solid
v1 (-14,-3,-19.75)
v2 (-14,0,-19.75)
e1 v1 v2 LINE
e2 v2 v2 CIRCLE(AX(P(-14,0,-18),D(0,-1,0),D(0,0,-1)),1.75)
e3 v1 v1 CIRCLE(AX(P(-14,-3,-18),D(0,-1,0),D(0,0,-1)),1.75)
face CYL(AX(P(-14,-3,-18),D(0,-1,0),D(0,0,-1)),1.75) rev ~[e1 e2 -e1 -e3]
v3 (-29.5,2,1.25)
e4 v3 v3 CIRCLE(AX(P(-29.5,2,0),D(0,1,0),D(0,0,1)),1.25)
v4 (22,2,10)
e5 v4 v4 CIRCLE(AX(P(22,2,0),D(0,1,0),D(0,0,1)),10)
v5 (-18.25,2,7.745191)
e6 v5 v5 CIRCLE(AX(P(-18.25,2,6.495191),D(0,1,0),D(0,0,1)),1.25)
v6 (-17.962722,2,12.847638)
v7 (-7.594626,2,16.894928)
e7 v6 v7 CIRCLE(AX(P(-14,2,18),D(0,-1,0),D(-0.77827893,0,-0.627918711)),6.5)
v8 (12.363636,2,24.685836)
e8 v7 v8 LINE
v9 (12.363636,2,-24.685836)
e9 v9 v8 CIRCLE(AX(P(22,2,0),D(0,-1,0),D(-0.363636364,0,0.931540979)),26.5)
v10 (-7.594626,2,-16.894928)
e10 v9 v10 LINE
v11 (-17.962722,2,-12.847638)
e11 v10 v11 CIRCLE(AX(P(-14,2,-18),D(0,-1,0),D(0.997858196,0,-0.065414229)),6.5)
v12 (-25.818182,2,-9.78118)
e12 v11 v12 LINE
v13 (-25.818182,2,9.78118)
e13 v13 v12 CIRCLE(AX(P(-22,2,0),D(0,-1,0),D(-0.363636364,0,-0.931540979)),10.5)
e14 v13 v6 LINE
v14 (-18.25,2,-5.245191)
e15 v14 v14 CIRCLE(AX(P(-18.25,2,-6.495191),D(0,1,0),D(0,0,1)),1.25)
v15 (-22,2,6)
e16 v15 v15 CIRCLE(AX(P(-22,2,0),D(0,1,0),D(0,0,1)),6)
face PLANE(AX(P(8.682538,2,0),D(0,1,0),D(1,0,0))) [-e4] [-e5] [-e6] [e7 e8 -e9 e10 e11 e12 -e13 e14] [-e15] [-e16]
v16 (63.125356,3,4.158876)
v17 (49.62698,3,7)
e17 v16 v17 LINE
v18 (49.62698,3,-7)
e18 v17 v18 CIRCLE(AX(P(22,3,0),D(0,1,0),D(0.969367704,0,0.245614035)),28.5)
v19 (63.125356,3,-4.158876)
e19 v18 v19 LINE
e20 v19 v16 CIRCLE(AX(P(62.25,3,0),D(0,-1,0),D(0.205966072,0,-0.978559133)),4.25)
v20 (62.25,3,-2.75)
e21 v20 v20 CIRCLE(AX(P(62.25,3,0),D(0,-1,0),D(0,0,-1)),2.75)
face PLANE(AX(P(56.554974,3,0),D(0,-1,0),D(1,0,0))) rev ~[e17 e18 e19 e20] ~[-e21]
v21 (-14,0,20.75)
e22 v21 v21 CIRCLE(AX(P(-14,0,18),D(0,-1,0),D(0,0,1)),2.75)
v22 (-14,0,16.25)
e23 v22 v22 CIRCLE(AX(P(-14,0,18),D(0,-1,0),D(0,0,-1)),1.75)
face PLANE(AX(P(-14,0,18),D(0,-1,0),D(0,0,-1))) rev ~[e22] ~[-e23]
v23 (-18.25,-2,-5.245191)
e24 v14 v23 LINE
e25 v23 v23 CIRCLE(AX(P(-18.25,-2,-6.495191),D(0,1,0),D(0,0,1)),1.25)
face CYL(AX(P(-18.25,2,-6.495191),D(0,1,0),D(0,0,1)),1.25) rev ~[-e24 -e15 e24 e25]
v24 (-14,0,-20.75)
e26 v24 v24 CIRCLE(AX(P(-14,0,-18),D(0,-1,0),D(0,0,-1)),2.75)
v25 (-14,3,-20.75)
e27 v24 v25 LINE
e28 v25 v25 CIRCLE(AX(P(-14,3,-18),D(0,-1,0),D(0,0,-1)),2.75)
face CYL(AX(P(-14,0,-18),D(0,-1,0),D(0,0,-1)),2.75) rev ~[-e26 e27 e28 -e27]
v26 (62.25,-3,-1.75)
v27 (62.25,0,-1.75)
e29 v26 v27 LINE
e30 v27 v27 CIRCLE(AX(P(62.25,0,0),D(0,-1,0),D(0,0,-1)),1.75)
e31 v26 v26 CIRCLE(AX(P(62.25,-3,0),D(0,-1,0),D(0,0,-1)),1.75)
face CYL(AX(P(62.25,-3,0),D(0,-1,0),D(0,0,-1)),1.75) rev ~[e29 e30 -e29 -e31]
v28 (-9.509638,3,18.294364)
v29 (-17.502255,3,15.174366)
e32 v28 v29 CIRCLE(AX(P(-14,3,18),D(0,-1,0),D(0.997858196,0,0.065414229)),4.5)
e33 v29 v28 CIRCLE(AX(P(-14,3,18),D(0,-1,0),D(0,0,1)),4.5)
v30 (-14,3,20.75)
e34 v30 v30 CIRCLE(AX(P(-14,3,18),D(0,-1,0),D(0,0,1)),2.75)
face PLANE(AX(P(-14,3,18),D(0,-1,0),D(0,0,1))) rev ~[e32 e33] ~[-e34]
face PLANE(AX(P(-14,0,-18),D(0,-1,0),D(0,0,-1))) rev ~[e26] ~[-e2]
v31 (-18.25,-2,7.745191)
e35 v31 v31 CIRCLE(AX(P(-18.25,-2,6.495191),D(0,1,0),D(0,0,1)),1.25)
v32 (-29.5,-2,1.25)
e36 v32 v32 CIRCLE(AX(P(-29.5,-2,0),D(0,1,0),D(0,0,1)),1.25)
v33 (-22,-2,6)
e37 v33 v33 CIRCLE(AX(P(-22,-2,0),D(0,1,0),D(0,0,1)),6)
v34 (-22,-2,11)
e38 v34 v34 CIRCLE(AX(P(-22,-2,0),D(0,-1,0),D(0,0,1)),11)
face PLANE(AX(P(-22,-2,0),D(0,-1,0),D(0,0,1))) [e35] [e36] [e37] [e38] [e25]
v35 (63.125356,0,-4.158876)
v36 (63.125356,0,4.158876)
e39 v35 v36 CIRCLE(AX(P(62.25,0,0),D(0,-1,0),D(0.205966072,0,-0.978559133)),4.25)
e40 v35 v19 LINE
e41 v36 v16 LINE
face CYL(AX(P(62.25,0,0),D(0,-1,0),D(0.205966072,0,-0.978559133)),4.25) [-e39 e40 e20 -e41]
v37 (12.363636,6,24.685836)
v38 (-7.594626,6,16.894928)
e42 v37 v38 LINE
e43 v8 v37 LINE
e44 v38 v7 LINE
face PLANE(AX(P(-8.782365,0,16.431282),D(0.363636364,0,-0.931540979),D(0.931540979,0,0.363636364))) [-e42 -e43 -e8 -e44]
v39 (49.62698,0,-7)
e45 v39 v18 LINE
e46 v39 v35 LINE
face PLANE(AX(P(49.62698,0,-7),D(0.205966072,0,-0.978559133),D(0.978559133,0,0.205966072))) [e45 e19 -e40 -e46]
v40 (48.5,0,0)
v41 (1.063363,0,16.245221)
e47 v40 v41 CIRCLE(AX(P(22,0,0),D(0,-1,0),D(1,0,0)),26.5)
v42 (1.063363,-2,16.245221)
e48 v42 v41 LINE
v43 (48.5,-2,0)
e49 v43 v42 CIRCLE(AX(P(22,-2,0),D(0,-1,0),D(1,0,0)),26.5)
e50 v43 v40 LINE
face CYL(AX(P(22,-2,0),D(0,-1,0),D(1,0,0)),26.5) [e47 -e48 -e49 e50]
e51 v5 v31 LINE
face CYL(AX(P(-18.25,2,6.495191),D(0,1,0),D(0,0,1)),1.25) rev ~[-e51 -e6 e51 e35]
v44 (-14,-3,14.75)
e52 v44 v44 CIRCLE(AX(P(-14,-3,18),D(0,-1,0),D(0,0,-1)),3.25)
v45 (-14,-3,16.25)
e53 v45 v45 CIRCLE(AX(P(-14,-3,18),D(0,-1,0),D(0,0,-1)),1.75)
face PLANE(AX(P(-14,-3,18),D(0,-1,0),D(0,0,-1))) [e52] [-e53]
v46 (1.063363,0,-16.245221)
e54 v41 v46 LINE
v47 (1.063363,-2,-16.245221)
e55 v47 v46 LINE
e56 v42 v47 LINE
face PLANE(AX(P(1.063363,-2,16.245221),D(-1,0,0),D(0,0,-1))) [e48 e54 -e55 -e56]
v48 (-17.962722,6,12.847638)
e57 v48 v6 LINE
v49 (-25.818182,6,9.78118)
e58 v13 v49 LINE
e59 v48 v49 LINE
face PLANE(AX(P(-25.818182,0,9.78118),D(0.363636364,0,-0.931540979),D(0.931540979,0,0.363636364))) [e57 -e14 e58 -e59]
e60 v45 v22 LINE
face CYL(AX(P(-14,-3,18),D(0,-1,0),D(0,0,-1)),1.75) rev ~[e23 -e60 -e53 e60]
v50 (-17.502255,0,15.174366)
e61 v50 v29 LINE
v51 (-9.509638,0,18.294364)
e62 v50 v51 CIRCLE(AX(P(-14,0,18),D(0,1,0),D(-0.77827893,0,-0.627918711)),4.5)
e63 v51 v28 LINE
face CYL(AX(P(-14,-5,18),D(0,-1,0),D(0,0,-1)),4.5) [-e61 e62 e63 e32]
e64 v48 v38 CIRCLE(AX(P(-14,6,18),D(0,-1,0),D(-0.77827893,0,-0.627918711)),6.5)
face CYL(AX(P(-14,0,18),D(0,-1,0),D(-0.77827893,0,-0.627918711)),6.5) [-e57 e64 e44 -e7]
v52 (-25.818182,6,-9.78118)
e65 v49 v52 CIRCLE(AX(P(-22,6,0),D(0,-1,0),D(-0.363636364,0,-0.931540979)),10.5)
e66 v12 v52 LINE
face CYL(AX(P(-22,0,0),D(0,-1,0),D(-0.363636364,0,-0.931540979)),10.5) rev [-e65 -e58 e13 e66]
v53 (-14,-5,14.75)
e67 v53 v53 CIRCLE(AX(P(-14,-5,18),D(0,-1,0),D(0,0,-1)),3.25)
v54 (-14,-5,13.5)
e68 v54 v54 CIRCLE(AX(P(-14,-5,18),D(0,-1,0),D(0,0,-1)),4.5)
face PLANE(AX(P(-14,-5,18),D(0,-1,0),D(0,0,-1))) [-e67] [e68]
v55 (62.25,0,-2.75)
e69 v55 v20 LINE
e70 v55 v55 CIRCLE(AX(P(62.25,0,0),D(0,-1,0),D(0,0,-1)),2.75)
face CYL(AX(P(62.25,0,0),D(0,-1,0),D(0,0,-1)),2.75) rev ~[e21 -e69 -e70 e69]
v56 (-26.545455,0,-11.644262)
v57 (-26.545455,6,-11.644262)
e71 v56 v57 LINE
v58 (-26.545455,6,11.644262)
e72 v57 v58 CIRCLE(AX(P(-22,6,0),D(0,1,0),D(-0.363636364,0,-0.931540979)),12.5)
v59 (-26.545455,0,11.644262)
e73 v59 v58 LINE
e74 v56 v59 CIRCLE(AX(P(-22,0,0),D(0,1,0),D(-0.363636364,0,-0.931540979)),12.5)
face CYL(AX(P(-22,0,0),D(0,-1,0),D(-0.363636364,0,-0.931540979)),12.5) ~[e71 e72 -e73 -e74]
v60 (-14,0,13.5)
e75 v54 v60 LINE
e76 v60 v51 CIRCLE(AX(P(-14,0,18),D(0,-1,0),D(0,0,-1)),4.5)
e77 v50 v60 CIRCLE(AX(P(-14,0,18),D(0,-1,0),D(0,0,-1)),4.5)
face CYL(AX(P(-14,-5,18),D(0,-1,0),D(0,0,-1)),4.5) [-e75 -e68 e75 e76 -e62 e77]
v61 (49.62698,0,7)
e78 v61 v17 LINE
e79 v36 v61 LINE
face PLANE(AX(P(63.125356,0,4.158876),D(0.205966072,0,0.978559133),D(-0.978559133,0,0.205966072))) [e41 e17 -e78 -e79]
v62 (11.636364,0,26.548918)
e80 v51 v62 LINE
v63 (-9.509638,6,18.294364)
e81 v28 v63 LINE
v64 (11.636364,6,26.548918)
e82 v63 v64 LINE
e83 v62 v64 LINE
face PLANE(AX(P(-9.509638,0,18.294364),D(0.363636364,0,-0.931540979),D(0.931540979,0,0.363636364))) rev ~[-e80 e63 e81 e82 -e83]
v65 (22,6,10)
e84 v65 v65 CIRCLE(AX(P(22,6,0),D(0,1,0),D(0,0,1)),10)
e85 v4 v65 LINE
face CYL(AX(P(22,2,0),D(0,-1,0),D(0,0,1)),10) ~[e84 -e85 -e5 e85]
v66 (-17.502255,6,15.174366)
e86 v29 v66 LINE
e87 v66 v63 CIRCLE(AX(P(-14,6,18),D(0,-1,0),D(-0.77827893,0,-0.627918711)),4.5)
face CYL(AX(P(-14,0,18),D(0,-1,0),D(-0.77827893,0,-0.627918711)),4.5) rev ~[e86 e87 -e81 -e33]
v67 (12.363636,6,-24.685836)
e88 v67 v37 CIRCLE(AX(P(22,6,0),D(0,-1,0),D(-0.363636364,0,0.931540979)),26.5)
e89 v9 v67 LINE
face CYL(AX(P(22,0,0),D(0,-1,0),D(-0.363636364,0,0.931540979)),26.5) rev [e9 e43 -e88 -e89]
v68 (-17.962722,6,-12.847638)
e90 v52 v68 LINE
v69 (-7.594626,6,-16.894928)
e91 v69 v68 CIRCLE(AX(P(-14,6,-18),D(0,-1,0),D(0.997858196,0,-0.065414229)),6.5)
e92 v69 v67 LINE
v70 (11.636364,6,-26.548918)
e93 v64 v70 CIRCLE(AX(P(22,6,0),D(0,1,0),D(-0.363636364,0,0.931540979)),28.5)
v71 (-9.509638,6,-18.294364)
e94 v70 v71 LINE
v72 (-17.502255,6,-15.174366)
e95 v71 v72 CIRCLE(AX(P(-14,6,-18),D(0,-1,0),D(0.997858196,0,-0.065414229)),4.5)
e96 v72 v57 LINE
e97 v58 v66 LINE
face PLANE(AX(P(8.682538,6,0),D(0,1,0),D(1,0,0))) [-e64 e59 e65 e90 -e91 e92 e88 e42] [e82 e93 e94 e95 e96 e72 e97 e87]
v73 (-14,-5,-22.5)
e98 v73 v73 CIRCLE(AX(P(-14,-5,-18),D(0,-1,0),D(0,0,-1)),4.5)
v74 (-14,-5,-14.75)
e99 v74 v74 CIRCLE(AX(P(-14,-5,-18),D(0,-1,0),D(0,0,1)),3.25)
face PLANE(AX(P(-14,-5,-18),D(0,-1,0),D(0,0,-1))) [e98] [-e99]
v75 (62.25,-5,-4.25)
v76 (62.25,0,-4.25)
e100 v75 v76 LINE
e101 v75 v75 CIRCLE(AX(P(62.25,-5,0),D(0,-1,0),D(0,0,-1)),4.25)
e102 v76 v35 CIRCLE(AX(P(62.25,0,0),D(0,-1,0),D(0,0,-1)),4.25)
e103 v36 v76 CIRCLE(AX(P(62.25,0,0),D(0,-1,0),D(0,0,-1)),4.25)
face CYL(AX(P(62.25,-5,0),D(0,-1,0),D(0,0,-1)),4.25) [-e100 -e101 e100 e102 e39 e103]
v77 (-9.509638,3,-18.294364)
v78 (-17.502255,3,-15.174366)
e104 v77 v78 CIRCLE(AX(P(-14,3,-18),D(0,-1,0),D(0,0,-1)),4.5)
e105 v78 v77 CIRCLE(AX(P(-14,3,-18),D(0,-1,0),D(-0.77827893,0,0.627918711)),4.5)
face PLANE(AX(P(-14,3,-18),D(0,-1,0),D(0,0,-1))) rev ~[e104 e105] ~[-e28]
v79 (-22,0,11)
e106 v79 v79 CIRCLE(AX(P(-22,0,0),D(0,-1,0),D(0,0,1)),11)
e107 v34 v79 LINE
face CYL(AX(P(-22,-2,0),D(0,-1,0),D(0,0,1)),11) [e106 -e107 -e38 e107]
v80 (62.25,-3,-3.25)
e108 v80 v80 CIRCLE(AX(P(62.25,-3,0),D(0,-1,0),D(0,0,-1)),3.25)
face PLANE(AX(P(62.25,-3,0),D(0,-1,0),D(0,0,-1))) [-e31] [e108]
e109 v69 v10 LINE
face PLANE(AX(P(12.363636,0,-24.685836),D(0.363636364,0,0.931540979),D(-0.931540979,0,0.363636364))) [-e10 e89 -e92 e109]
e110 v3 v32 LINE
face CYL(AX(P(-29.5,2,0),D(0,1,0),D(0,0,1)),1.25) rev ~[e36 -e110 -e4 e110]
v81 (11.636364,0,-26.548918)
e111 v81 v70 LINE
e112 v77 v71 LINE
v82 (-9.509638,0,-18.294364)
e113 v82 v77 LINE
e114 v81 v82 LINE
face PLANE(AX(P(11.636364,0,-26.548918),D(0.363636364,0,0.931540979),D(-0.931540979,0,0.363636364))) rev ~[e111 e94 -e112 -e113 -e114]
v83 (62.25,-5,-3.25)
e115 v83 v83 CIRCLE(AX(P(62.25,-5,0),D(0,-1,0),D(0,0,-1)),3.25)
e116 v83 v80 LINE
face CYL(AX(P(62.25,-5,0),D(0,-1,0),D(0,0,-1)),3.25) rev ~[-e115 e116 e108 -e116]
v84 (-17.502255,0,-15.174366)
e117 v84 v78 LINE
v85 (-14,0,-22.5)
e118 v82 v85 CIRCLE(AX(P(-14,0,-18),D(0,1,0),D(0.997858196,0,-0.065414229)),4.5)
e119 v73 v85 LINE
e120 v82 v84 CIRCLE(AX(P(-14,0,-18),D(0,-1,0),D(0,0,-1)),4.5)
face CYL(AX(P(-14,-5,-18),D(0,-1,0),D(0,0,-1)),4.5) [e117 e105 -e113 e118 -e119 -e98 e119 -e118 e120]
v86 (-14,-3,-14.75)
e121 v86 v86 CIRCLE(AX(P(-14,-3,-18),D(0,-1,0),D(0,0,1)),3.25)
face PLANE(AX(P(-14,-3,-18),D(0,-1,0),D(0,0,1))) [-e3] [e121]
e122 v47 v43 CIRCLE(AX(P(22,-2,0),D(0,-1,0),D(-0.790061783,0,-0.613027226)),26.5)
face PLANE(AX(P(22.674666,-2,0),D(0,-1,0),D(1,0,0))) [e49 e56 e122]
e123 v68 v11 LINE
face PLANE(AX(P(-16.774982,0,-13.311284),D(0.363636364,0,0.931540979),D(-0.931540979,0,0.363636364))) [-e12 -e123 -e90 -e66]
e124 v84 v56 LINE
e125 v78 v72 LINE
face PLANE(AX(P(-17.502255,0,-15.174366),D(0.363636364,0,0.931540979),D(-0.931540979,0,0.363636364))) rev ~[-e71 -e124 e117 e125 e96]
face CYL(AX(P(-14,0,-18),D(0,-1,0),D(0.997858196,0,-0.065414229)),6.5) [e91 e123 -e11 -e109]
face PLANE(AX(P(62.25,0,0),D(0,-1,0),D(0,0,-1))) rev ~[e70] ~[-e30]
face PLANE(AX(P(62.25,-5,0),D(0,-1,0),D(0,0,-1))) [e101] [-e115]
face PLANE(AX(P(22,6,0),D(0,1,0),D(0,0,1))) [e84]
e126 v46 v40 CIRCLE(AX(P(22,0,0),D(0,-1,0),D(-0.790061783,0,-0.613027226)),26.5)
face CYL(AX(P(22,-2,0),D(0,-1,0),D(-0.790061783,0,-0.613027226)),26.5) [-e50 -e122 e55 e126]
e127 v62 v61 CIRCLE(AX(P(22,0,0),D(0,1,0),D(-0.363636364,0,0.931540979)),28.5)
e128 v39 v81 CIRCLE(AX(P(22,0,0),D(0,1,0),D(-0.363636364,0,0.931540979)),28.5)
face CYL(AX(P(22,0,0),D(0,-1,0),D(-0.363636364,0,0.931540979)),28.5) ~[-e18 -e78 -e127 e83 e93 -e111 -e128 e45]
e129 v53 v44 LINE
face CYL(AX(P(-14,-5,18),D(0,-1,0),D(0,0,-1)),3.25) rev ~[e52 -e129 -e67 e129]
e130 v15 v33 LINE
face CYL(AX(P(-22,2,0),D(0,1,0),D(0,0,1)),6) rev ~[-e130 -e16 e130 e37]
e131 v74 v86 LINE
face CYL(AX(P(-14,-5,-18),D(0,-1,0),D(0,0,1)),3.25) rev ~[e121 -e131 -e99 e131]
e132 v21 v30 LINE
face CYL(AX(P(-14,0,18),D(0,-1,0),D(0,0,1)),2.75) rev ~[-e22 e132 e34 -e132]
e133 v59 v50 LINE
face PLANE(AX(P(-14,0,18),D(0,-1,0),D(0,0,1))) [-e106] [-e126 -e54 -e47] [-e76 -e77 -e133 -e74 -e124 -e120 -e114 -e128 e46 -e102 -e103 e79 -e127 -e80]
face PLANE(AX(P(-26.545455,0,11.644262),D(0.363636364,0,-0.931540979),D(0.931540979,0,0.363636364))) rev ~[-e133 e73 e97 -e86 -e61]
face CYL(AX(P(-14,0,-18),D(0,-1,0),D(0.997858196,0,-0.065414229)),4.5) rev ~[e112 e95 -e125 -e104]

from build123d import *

# Parameters (mm, degrees)
BOSS_EXTRUDE1_DEPTH   = 6
SHELL1_T              = -2
SKETCH2_R             = 2.75
BOSS_EXTRUDE2_DEPTH   = 3
SKETCH2_R_2           = 4.5
BOSS_EXTRUDE2_2_DEPTH = 3
BOSS_EXTRUDE2_3_DEPTH = 3
BOSS_EXTRUDE3_START   = 5
SKETCH3_R             = 4.5
SKETCH3_R_2           = 4.25
BOSS_EXTRUDE3_DEPTH   = 5
SKETCH4_R             = 3.25
CUT_EXTRUDE1_DEPTH    = 2
SKETCH5_R             = 1.75
CUT_EXTRUDE2_DEPTH    = 73.907475611
BOSS_EXTRUDE5_START   = 2
SKETCH7_R             = 11
BOSS_EXTRUDE5_DEPTH   = 2
SKETCH6_R             = 1.25
SKETCH6_R_2           = 6
CUT_EXTRUDE4_DEPTH    = 73.687688091
SKETCH9_R             = 10
BOSS_EXTRUDE6_DEPTH   = 4


with BuildPart() as part:
    # Sketch1 → Boss-Extrude1 (new body)
    with BuildSketch(Plane(origin=(0, 0, 0), x_dir=(1, 0, 0), z_dir=(0, 1, 0))):
        with BuildLine():
            Line((-17.502255184, 15.174365801), (-26.545454545, 11.644262234))
            ThreePointArc((-26.545454545, 11.644262234), (-34.5, 0), (-26.545454545, -11.644262234))
            Line((-26.545454545, -11.644262234), (-17.502255184, -15.174365801))
            ThreePointArc((-17.502255184, -15.174365801), (-12.363636364, -13.808065596), (-9.50963812, -18.294364031))
            Line((-9.50963812, -18.294364031), (11.636363636, -26.548917894))
            ThreePointArc((11.636363636, -26.548917894), (50.5, 0), (11.636363636, 26.548917894))
            Line((11.636363636, 26.548917894), (-9.50963812, 18.294364031))
            ThreePointArc((-9.50963812, 18.294364031), (-12.363636364, 13.808065596), (-17.502255184, 15.174365801))
        make_face()
    extrude(amount=BOSS_EXTRUDE1_DEPTH)

    # Shell1
    shell1_openings = [part.faces().sort_by_distance(p)[0] for p in [
        (12.478104295, 6, 0),
    ]]
    offset(amount=SHELL1_T, openings=shell1_openings, kind=Kind.INTERSECTION)



with BuildPart() as body_2:
    # Sketch2 → Boss-Extrude2 (new body)
    with BuildSketch(Plane.XZ):
        with BuildLine():
            Line((49.626979567, -7), (63.125355805, -4.158876316))
            ThreePointArc((63.125355805, -4.158876316), (66.5, 0), (63.125355805, 4.158876316))
            Line((63.125355805, 4.158876316), (49.626979567, 7))
            ThreePointArc((49.626979567, 7), (50.5, 0), (49.626979567, -7))
        make_face()
        with Locations(Location((62.25, 0, 0), (0, 0, 270))):
            Circle(SKETCH2_R, mode=Mode.SUBTRACT)
    extrude(amount=-BOSS_EXTRUDE2_DEPTH)


with BuildPart() as body_3:
    # Sketch2 → Boss-Extrude2 2 (new body)
    with BuildSketch(Plane.XZ):
        with Locations(Location((-14, -18, 0), (0, 0, 270))):
            Circle(SKETCH2_R_2)
        with Locations(Location((-14, -18, 0), (0, 0, 270))):
            Circle(SKETCH2_R, mode=Mode.SUBTRACT)
    extrude(amount=-BOSS_EXTRUDE2_2_DEPTH)


with BuildPart() as body_4:
    # Sketch2 → Boss-Extrude2 3 (new body)
    with BuildSketch(Plane.XZ):
        with Locations(Location((-14, 18, 0), (0, 0, 90))):
            Circle(SKETCH2_R_2)
        with Locations(Location((-14, 18, 0), (0, 0, 90))):
            Circle(SKETCH2_R, mode=Mode.SUBTRACT)
    extrude(amount=-BOSS_EXTRUDE2_3_DEPTH)


with BuildPart() as part_1:
    add(part.part)

    add(body_2.part)  # Boss-Extrude3 merges body 2

    add(body_3.part)  # Boss-Extrude3 merges body 3

    add(body_4.part)  # Boss-Extrude3 merges body 4
    # Sketch3 → Boss-Extrude3 (add)
    with BuildSketch(Plane.XZ.offset(BOSS_EXTRUDE3_START)):
        with Locations(Location((-14, 18, 0), (0, 0, 270))):
            Circle(SKETCH3_R)
        with Locations(Location((62.25, 0, 0), (0, 0, 270))):
            Circle(SKETCH3_R_2)
        with Locations(Location((-14, -18, 0), (0, 0, 270))):
            Circle(SKETCH3_R)
    extrude(amount=-BOSS_EXTRUDE3_DEPTH)

    # Sketch4 → Cut-Extrude1 (cut)
    with BuildSketch(Plane.XZ.offset(5)):
        with Locations(Location((-14, 18, 0), (0, 0, 270))):
            Circle(SKETCH4_R)
        with Locations(Location((-14, -18, 0), (0, 0, 90))):
            Circle(SKETCH4_R)
        with Locations(Location((62.25, 0, 0), (0, 0, 270))):
            Circle(SKETCH4_R)
    extrude(amount=-CUT_EXTRUDE1_DEPTH, mode=Mode.SUBTRACT)

    # Sketch5 → Cut-Extrude2 (cut, through all)
    with BuildSketch(Plane.XZ.offset(3)):
        with Locations(Location((-14, 18, 0), (0, 0, 270))):
            Circle(SKETCH5_R)
        with Locations(Location((-14, -18, 0), (0, 0, 270))):
            Circle(SKETCH5_R)
        with Locations(Location((62.25, 0, 0), (0, 0, 270))):
            Circle(SKETCH5_R)
    extrude(amount=-CUT_EXTRUDE2_DEPTH, mode=Mode.SUBTRACT)

    # Sketch7 → Boss-Extrude5 (add)
    with BuildSketch(Plane.XZ.offset(BOSS_EXTRUDE5_START)):
        with Locations(Location((-22, 0, 0), (0, 0, 90))):
            Circle(SKETCH7_R)
        with BuildLine():
            ThreePointArc((48.5, 0), (30.585718173, 25.070609156), (1.063362758, 16.245221482))
            Line((1.063362758, 16.245221482), (1.063362758, -16.245221482))
            ThreePointArc((1.063362758, -16.245221482), (30.585718173, -25.070609156), (48.5, 0))
        make_face()
    extrude(amount=-BOSS_EXTRUDE5_DEPTH)

    # Sketch6 → Cut-Extrude4 (cut, through all)
    with BuildSketch(Plane(origin=(0, 2, 0), x_dir=(1, 0, 0), z_dir=(0, 1, 0))):
        with Locations(Location((-29.5, 0, 0), (0, 0, 270))):
            Circle(SKETCH6_R)
        with Locations(Location((-18.25, 6.495190528, 0), (0, 0, 270))):
            Circle(SKETCH6_R)
        with Locations(Location((-18.25, -6.495190528, 0), (0, 0, 270))):
            Circle(SKETCH6_R)
        with Locations(Location((-22, 0, 0), (0, 0, 270))):
            Circle(SKETCH6_R_2)
    extrude(amount=-CUT_EXTRUDE4_DEPTH, mode=Mode.SUBTRACT)

    # Sketch9 → Boss-Extrude6 (add)
    with BuildSketch(Plane(origin=(0, 2, 0), x_dir=(1, 0, 0), z_dir=(0, 1, 0))):
        with Locations(Location((22, 0, 0), (0, 0, 270))):
            Circle(SKETCH9_R)
    extrude(amount=BOSS_EXTRUDE6_DEPTH)


solid = part_1.part
